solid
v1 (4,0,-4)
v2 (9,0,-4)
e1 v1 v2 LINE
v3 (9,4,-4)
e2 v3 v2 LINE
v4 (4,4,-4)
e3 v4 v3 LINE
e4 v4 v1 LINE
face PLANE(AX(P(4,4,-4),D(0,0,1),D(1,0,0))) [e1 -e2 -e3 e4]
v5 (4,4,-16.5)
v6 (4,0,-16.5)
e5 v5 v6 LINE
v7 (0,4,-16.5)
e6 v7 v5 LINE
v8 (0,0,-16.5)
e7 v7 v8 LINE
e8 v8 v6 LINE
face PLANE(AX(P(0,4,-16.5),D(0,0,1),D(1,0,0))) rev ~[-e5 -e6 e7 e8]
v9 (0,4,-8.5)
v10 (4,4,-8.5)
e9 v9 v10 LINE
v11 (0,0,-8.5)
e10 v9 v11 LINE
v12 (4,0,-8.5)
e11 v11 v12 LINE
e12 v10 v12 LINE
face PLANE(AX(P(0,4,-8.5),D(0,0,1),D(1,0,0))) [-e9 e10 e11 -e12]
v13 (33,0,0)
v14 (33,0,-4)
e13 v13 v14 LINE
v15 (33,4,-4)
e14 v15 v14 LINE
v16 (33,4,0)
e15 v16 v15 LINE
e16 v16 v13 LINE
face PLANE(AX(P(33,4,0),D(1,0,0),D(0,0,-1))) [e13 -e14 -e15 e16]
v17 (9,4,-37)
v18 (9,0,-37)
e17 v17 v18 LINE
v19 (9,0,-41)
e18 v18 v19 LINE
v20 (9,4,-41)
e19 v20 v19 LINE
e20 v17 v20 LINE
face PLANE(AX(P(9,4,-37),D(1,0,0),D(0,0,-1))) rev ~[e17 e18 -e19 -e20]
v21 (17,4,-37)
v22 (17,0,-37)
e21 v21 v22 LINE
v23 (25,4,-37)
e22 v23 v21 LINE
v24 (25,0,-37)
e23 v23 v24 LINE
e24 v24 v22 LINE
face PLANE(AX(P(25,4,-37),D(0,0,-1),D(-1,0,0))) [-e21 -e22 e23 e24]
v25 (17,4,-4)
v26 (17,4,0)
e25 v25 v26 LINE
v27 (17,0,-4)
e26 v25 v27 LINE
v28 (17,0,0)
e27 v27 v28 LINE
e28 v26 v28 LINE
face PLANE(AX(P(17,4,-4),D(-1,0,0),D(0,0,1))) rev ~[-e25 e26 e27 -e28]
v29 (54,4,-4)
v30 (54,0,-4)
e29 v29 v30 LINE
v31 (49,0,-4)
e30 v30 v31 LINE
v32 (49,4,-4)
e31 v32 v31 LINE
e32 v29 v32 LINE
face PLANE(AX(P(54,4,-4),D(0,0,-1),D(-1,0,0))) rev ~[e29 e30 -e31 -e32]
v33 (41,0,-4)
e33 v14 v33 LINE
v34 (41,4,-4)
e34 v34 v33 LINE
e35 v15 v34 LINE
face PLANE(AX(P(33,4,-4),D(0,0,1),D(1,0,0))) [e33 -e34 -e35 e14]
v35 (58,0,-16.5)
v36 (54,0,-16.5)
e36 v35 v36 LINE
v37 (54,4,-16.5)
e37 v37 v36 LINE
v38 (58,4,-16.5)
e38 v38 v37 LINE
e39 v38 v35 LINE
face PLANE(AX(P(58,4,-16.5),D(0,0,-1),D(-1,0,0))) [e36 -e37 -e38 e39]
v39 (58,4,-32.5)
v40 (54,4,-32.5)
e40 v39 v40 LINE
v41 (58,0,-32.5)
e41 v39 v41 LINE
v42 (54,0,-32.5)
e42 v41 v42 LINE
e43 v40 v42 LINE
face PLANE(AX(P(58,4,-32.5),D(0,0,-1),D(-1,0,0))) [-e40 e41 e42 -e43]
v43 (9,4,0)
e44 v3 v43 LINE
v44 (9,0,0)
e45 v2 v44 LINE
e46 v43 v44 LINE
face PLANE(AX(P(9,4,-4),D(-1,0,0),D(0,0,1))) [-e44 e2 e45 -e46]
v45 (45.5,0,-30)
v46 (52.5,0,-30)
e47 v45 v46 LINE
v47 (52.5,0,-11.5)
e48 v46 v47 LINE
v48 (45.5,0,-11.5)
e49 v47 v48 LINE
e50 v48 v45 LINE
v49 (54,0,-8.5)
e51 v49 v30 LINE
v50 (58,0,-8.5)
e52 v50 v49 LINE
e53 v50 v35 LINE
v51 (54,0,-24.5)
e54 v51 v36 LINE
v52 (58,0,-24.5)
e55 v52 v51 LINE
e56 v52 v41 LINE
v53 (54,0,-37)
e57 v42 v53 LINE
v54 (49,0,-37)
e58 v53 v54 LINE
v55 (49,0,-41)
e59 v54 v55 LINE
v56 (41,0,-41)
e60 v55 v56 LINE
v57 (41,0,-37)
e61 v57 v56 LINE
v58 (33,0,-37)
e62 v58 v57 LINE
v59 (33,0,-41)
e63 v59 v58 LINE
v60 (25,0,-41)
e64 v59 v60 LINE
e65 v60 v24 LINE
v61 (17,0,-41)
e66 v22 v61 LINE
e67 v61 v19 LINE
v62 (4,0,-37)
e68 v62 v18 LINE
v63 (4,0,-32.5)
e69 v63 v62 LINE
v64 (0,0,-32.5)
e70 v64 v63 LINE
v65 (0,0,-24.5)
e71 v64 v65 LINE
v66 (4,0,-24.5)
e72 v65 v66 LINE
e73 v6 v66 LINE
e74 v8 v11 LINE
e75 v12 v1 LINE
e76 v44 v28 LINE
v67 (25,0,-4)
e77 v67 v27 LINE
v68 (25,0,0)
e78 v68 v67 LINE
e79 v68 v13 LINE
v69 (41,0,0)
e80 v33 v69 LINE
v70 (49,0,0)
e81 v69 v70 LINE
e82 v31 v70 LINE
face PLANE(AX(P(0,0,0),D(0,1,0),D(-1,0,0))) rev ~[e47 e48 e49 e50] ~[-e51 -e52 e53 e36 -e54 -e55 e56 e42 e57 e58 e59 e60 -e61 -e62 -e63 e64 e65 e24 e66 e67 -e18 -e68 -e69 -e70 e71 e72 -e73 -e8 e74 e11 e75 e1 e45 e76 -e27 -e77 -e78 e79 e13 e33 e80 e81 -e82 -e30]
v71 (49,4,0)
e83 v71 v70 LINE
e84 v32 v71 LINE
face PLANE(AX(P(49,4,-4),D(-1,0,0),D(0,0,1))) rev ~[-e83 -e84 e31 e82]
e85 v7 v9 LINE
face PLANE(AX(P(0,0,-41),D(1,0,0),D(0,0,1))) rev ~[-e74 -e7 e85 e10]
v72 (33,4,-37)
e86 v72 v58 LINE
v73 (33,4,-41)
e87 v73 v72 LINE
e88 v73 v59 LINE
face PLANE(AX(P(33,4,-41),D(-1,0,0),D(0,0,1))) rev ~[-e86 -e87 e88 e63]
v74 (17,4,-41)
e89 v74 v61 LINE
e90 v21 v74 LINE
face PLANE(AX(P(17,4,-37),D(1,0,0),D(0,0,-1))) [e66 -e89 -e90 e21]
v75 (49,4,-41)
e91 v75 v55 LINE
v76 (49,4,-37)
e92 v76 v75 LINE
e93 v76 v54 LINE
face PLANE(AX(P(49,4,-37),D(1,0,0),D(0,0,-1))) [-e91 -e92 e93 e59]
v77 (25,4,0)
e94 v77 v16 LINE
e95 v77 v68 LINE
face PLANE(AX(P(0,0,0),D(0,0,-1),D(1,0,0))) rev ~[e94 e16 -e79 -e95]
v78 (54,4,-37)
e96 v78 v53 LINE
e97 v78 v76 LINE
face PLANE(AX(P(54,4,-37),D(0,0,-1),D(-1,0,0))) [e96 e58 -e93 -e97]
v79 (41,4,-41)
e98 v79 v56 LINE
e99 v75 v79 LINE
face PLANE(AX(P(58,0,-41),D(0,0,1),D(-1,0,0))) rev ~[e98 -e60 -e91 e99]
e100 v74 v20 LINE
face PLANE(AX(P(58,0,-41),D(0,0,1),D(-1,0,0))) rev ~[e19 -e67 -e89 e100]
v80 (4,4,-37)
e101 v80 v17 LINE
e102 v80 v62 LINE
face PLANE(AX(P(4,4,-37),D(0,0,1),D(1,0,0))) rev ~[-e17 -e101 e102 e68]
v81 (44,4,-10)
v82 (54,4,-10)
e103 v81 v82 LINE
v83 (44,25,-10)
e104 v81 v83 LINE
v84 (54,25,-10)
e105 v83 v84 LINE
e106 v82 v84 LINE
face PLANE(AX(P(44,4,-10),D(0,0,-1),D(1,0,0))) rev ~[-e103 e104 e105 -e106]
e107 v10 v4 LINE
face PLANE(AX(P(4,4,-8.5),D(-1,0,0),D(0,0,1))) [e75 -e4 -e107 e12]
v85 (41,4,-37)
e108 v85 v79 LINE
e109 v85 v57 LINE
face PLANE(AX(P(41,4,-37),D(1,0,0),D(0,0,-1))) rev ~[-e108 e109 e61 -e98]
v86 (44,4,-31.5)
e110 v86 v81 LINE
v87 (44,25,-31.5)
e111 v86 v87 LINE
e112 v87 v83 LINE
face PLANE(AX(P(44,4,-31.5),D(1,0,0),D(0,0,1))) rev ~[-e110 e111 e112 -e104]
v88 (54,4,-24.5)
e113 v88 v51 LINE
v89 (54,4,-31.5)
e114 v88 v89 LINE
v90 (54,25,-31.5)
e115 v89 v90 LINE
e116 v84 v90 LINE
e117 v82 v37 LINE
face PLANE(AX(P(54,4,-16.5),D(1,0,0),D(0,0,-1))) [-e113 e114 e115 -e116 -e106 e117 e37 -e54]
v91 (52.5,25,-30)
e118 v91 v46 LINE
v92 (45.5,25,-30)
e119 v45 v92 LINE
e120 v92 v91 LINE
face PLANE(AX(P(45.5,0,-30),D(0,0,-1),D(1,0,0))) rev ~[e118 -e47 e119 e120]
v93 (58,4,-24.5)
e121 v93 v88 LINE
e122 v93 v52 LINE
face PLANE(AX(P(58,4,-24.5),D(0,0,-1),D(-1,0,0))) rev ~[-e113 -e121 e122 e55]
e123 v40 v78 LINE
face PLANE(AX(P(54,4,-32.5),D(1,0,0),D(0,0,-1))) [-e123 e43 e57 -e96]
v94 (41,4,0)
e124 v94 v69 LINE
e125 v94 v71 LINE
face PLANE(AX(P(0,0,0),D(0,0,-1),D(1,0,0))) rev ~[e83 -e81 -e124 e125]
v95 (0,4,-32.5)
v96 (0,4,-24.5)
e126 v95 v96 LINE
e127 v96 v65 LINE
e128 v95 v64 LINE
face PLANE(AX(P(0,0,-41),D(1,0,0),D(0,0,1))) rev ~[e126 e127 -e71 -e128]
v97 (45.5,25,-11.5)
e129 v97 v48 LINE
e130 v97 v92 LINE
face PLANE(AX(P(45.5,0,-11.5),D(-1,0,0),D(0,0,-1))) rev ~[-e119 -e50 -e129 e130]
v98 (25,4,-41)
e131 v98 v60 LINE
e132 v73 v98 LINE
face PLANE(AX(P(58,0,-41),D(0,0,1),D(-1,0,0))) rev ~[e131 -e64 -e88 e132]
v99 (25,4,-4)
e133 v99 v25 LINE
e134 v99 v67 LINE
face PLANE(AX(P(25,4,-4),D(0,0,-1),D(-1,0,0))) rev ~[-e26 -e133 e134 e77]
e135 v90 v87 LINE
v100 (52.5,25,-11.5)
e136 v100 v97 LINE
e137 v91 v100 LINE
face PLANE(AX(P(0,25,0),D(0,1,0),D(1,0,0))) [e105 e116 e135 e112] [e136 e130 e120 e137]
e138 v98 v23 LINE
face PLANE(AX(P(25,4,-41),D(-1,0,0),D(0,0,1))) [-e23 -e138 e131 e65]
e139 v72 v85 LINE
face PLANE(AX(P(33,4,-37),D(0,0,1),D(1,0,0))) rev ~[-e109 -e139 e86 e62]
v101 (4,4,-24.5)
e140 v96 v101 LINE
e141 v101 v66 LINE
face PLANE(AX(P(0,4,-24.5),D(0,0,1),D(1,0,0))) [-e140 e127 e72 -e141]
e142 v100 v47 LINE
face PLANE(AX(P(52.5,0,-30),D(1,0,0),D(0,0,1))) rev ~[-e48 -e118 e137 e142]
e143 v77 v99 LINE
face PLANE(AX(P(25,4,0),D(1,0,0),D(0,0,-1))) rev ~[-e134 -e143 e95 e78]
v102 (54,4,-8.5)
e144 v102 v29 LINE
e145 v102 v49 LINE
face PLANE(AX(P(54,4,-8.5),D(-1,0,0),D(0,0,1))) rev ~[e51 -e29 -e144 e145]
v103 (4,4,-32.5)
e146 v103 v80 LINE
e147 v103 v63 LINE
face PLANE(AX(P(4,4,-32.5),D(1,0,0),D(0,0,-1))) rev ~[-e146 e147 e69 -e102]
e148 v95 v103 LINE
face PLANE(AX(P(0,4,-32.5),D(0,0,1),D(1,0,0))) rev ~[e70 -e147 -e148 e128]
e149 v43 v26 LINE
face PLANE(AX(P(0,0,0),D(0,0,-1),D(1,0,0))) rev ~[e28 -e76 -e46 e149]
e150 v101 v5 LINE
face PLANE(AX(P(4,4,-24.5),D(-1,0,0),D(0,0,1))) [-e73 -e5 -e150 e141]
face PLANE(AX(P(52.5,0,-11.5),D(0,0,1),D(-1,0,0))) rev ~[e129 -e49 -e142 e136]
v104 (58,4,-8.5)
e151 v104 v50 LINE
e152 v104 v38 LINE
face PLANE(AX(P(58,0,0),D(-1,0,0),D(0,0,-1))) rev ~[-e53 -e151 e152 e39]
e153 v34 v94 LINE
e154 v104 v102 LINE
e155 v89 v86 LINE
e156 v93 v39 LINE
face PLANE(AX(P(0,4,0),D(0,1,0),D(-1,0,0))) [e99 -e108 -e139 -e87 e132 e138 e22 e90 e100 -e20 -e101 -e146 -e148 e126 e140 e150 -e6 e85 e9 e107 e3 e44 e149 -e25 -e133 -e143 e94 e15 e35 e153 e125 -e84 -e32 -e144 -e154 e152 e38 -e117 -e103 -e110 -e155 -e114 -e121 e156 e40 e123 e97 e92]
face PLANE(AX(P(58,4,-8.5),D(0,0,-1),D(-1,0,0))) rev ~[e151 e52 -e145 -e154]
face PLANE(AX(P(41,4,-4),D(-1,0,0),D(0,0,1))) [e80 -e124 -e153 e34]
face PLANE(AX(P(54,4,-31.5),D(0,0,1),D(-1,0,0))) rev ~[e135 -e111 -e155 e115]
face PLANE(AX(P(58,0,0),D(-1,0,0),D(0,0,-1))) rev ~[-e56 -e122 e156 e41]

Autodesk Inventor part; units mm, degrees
ref_plane "YZ Plane" through (0, 0, 0) normal (1, 0, 0) x (0, 1, 0)
ref_plane "XZ Plane" through (0, 0, 0) normal (0, 1, 0) x (-1, 0, 0)
ref_plane "XY Plane" through (0, 0, 0) normal (0, 0, 1) x (1, 0, 0)
sketch "Sketch1" plane through (0, 0, 0) normal (0, 1, 0) x (-1, 0, 0)
  line L0 (0, 0) -> (-58, 0)
  line L1 (-58, 0) -> (-58, -41)
  line L2 (-58, -41) -> (0, -41)
  line L3 (0, -41) -> (0, 0)
  line L4 (-45.5, -30) -> (-52.5, -30)
  line L5 (-52.5, -30) -> (-52.5, -11.5)
  line L6 (-52.5, -11.5) -> (-45.5, -11.5)
  line L7 (-45.5, -11.5) -> (-45.5, -30)
  dimension "d0" = 58
  dimension "d1" = 41
  dimension "d2" = 11.5
  dimension "d3" = 11
  dimension "d4" = 7
  dimension "d5" = 5.5
extrude "Extrusion1" add sketch "Sketch1" along normal blind 4
sketch "Sketch2" plane through (0, 4, 0) normal (0, 1, 0) x (1, 0, 0)
  line L0 (45.5, 11.5) -> (45.5, 30) projected
  line L1 (45.5, 30) -> (52.5, 30) projected
  line L2 (52.5, 30) -> (52.5, 11.5) projected
  line L3 (52.5, 11.5) -> (45.5, 11.5) projected
  line L4 (54, 31.5) -> (44, 31.5)
  line L5 (44, 31.5) -> (44, 10)
  line L6 (44, 10) -> (54, 10)
  line L7 (54, 10) -> (54, 31.5)
  point P0 (0, 0)
  dimension "d8" = 1.5
extrude "Extrusion2" add sketch "Sketch2" along normal blind 21
sketch "Sketch3" plane through (0, 4, 0) normal (0, 1, 0) x (1, 0, 0)
  line L0 (58, 41) -> (0, 41) construction
  line L1 (0, 41) -> (0, 0) construction
  line L2 (0, 0) -> (58, 0) construction
  line L3 (58, 0) -> (58, 41) construction
  line L4 (4, 37) -> (54, 37) construction
  line L5 (54, 37) -> (54, 4) construction
  line L6 (54, 4) -> (4, 4) construction
  line L7 (4, 4) -> (4, 37) construction
  line L8 (0, 20.5) -> (58, 20.5) construction
  line L9 (29, 0) -> (29, 41) construction
  line L10 (0, 16.5) -> (4, 16.5)
  line L11 (4, 16.5) -> (4, 20.5)
  line L12 (0, 16.5) -> (0, 20.5)
  line L13 (0, 8.5) -> (4, 8.5)
  line L14 (4, 8.5) -> (4, 4)
  line L15 (4, 4) -> (9, 4)
  line L16 (9, 4) -> (9, 0)
  line L17 (9, 0) -> (0, 0)
  line L18 (0, 0) -> (0, 8.5)
  line L19 (17, 4) -> (17, 0)
  line L20 (17, 0) -> (25, 0)
  line L21 (25, 0) -> (25, 4)
  line L22 (25, 4) -> (17, 4)
  line L23 (0, 24.5) -> (4, 24.5)
  line L24 (4, 24.5) -> (4, 20.5)
  line L25 (0, 24.5) -> (0, 20.5)
  line L26 (0, 32.5) -> (4, 32.5)
  line L27 (4, 32.5) -> (4, 37)
  line L28 (4, 37) -> (9, 37)
  line L29 (9, 37) -> (9, 41)
  line L30 (9, 41) -> (0, 41)
  line L31 (0, 41) -> (0, 32.5)
  line L32 (17, 37) -> (17, 41)
  line L33 (17, 41) -> (25, 41)
  line L34 (25, 41) -> (25, 37)
  line L35 (25, 37) -> (17, 37)
  line L36 (58, 41) -> (58, 0) construction
  line L37 (54, 4) -> (54, 37) construction
  line L38 (58, 16.5) -> (54, 16.5)
  line L39 (54, 16.5) -> (54, 20.5)
  line L40 (58, 16.5) -> (58, 20.5)
  line L41 (58, 8.5) -> (54, 8.5)
  line L42 (54, 8.5) -> (54, 4)
  line L43 (54, 4) -> (49, 4)
  line L44 (49, 4) -> (49, 0)
  line L45 (49, 0) -> (58, 0)
  line L46 (58, 0) -> (58, 8.5)
  line L47 (41, 4) -> (41, 0)
  line L48 (41, 0) -> (33, 0)
  line L49 (33, 0) -> (33, 4)
  line L50 (33, 4) -> (41, 4)
  line L51 (49, 37) -> (49, 41)
  line L52 (54, 24.5) -> (54, 20.5)
  line L53 (54, 32.5) -> (54, 37)
  line L54 (54, 37) -> (49, 37)
  line L55 (58, 24.5) -> (58, 20.5)
  line L56 (58, 24.5) -> (54, 24.5)
  line L57 (58, 32.5) -> (54, 32.5)
  line L58 (58, 41) -> (58, 32.5)
  line L59 (49, 41) -> (58, 41)
  line L60 (41, 37) -> (41, 41)
  line L61 (33, 37) -> (41, 37)
  line L62 (41, 41) -> (33, 41)
  line L63 (33, 41) -> (33, 37)
  dimension "d11" = 4
  dimension "d12" = 4
  dimension "d13" = 8
  dimension "d14" = 8
  dimension "d15" = 4
  dimension "d16" = 8
extrude "Extrusion3" cut sketch "Sketch3" against normal up to surface (4 mm away)
properties part number "top" material "PBT Plastic Black"
